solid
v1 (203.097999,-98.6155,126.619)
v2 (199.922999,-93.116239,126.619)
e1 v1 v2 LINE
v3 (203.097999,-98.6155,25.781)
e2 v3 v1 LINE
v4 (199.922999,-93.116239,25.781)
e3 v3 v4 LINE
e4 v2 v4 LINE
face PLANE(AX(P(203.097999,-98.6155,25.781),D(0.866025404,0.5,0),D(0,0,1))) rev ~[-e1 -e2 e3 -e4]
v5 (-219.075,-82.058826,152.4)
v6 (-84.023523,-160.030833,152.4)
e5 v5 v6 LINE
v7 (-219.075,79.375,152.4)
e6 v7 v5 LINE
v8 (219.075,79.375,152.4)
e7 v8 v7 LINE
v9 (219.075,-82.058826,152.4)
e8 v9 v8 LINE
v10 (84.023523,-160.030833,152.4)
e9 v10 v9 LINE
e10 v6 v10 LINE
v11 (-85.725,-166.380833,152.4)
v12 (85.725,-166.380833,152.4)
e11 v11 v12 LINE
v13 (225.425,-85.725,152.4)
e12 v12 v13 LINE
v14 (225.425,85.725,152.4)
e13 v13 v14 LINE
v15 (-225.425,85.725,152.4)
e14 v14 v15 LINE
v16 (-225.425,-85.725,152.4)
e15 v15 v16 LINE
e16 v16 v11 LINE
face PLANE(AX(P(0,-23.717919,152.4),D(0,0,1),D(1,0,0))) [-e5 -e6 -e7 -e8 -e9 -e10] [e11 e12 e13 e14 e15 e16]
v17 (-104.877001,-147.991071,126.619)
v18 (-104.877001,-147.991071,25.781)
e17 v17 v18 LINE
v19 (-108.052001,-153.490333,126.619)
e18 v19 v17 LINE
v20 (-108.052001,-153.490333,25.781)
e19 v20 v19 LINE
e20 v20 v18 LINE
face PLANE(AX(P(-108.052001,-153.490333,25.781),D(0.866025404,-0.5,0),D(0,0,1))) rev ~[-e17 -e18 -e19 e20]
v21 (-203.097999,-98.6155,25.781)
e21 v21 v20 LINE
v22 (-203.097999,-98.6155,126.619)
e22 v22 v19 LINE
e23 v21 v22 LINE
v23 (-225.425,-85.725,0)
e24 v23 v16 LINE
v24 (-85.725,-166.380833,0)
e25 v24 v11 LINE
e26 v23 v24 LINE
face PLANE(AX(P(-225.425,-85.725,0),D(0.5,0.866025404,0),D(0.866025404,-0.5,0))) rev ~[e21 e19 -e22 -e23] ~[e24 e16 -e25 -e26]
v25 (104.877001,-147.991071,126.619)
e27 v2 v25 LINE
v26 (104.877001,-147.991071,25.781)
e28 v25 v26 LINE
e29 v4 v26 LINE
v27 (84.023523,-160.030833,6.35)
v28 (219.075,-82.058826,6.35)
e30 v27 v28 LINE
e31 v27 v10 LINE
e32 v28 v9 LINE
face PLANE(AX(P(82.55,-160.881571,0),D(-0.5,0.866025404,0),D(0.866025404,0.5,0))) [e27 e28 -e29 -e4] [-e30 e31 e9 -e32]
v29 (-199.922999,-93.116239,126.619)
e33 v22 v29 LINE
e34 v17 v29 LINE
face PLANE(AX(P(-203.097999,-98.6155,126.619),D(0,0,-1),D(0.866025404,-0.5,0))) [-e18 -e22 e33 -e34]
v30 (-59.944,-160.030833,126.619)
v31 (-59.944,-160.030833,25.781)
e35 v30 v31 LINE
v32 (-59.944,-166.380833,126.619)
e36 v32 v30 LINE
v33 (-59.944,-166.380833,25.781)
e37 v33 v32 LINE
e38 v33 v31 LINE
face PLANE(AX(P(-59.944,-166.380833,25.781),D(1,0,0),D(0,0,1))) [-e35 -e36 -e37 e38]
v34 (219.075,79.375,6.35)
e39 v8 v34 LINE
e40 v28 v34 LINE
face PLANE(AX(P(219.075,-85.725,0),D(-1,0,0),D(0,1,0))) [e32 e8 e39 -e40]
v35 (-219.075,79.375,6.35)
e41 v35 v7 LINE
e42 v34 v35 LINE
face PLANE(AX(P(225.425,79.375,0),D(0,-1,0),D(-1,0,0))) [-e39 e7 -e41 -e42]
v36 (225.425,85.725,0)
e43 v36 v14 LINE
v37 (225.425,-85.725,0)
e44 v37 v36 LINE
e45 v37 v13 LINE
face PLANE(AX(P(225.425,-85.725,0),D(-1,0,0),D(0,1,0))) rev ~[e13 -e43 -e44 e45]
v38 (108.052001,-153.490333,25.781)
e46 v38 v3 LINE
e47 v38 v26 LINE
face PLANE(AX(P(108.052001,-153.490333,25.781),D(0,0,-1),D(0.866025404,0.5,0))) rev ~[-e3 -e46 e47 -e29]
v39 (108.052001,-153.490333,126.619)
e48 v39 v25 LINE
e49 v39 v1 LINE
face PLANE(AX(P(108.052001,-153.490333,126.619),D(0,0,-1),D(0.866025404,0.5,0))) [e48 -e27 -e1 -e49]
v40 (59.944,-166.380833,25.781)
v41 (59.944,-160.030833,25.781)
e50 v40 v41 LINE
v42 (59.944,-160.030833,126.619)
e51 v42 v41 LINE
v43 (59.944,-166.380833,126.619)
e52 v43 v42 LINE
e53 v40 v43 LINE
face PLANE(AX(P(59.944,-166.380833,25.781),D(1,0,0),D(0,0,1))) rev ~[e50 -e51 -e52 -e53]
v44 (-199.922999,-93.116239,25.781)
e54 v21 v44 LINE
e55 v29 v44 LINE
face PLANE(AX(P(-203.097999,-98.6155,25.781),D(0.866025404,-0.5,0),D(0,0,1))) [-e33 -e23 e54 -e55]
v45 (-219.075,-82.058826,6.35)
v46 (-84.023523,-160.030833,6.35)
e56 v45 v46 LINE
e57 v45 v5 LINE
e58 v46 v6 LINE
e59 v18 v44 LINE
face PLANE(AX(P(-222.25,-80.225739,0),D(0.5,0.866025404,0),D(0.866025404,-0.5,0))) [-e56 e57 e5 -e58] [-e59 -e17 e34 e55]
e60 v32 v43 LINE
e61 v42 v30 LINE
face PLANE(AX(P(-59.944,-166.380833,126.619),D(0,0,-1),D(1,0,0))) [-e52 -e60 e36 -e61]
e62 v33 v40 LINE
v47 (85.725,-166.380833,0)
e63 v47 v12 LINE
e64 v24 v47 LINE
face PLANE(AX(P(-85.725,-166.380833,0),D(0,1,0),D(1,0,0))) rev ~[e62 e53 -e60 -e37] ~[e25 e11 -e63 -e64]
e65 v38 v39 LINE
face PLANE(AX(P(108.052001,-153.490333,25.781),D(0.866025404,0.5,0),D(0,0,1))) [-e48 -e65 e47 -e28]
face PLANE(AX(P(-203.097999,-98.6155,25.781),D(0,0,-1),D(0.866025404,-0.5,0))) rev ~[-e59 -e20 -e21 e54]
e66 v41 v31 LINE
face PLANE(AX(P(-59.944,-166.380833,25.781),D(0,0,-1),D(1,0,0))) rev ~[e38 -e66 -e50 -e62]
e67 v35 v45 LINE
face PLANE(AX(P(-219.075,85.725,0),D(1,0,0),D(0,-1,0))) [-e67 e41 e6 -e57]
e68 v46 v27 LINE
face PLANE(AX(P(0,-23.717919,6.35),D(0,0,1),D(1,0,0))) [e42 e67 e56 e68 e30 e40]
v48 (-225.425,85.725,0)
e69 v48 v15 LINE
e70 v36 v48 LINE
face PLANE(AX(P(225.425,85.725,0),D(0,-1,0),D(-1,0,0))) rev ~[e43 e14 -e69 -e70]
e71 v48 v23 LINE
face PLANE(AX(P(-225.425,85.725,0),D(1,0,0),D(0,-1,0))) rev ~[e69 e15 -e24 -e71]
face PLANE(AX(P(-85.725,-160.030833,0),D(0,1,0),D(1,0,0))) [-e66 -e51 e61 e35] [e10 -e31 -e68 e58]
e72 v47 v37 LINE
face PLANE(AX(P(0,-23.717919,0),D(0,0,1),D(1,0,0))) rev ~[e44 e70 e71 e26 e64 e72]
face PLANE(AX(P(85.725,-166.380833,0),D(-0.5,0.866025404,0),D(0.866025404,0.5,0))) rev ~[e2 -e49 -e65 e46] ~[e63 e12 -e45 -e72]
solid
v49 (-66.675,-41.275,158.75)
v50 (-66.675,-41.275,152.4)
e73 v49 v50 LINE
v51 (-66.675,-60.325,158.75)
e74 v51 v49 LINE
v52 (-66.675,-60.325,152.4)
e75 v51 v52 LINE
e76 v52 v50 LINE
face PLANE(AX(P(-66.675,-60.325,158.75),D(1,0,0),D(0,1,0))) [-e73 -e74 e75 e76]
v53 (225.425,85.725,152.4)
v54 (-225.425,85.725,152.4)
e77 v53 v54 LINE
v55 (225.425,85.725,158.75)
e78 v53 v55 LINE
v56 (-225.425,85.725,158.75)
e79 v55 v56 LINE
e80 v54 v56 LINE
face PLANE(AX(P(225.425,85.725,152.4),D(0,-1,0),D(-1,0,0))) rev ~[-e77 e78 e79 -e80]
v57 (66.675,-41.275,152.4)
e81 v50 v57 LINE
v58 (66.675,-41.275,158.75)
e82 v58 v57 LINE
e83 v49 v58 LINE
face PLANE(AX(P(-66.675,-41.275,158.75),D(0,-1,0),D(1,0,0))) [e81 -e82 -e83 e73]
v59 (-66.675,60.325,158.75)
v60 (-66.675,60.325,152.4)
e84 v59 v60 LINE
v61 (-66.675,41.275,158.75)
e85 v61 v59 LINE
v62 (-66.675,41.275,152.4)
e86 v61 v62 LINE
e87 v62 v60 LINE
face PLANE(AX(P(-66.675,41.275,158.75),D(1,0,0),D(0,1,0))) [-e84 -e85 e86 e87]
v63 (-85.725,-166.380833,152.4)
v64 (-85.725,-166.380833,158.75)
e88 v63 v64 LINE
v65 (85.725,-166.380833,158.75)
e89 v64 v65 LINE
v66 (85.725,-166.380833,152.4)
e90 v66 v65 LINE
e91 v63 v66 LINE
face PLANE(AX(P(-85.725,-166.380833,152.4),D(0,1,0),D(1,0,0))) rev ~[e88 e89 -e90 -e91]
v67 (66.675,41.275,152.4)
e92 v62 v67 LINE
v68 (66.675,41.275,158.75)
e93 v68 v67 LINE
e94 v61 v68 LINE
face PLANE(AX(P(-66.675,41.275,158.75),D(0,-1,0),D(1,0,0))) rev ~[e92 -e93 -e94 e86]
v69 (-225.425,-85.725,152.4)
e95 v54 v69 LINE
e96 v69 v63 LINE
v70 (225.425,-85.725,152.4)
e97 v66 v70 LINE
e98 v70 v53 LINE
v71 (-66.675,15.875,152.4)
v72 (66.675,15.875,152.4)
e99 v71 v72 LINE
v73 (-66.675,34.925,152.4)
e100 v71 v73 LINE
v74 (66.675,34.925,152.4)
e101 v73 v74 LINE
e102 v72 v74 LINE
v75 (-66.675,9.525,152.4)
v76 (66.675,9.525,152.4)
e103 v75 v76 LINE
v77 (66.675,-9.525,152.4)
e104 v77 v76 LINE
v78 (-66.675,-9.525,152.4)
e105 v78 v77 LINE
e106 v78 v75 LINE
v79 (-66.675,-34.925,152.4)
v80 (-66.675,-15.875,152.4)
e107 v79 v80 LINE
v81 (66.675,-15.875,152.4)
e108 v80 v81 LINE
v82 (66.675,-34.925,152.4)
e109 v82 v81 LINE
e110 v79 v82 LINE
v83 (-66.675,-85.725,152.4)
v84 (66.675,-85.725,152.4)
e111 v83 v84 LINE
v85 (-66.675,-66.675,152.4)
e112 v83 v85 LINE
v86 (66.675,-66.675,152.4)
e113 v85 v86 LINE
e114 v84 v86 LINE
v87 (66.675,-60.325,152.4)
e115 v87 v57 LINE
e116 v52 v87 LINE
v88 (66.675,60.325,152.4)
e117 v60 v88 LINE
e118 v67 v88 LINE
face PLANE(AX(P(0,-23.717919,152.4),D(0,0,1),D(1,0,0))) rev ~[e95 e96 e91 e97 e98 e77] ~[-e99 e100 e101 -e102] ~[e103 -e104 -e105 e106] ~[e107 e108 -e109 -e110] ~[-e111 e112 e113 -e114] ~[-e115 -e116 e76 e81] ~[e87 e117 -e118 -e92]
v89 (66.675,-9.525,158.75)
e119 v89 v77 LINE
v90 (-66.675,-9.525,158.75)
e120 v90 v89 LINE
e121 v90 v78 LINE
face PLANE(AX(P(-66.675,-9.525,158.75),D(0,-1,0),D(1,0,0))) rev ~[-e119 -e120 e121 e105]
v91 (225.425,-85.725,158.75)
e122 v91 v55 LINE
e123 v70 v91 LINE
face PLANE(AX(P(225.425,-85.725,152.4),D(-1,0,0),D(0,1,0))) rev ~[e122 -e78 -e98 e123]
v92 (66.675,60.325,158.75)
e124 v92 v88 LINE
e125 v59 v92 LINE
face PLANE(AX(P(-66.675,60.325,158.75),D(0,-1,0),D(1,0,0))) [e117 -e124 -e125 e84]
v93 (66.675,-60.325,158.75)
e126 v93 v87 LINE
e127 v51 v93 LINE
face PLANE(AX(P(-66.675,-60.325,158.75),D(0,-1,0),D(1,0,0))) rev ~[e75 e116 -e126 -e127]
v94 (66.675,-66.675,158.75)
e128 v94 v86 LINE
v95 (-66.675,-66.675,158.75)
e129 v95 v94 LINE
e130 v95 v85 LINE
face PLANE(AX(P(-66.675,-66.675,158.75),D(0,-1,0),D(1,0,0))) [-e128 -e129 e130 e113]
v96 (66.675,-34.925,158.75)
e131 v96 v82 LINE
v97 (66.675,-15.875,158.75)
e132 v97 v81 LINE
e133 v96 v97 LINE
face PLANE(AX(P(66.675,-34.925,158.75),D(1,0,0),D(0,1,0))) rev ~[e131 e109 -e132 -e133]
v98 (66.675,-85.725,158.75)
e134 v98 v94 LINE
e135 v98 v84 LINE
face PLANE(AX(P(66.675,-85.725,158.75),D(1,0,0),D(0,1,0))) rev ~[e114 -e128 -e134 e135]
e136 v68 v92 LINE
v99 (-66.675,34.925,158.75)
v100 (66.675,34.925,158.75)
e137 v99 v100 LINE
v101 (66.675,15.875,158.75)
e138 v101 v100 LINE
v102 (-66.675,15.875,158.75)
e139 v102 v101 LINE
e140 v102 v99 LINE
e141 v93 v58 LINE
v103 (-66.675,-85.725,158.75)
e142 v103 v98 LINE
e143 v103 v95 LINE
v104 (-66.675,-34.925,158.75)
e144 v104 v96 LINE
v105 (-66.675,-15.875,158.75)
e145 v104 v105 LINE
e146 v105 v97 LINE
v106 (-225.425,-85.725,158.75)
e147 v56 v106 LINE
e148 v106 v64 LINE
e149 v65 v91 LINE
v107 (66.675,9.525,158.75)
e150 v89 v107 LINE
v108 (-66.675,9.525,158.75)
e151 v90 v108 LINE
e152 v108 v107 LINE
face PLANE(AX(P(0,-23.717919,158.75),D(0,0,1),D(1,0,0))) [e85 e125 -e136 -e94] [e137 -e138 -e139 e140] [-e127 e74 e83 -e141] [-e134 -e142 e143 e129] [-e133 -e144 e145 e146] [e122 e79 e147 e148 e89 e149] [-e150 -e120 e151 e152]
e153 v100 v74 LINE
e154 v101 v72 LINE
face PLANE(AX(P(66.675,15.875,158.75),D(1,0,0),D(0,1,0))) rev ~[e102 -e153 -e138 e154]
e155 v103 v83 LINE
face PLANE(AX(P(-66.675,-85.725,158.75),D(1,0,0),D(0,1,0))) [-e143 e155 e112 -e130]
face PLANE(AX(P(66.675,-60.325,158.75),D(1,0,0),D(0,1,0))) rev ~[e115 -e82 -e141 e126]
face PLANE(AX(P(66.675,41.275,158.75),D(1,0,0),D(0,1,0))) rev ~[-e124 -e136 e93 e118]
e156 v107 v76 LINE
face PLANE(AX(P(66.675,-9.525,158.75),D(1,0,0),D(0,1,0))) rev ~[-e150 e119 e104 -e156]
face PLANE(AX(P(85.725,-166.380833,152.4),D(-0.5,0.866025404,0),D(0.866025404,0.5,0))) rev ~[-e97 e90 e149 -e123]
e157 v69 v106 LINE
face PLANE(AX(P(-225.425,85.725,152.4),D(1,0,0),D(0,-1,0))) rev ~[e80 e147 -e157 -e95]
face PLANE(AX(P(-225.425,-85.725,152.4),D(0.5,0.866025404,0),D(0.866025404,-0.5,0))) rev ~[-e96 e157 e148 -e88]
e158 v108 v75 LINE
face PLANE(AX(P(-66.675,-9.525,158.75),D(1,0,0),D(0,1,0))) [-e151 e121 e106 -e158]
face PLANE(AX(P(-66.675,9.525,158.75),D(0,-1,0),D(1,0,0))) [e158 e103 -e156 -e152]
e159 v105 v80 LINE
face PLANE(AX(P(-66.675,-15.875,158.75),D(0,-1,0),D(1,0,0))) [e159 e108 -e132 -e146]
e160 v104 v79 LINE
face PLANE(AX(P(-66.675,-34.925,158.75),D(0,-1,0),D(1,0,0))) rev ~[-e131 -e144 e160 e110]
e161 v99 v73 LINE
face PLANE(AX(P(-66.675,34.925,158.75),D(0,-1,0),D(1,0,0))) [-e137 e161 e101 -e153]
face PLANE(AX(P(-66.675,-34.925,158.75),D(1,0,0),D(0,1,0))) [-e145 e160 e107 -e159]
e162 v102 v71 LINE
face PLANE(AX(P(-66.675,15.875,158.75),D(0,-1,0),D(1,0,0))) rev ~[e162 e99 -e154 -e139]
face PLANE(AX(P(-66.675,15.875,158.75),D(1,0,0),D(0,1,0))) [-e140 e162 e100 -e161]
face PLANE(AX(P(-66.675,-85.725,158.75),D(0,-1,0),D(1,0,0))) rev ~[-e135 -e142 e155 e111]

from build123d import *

# Parameters (mm, degrees)
F1_DEPTH  = 152.4
F3_T      = -6.35
F2_W      = 119.888
F2_H      = 100.838
F4_DEPTH  = 25.4
F6_DEPTH  = 6.35
F7_W      = 133.35
F7_H      = 19.05
F8_DEPTH  = 25.4
F9_W      = 109.7496652116
F9_H      = 100.838
F10_DEPTH = 25.4
F11_W     = 109.7496652116
F11_H     = 100.838
F12_DEPTH = 25.4


with BuildPart() as f1:
    # F0 (on Top) → F1 (new body)
    with BuildSketch(Plane.XY):
        Polygon((225.425, 85.725), (-225.425, 85.725), (-225.425, -85.725), (-85.725, -166.3808326058), (85.725, -166.3808326058), (225.425, -85.725), align=None)
    extrude(amount=F1_DEPTH)

    # F3
    f3_openings = [f1.faces().sort_by_distance(p)[0] for p in [
        (0, -29.415362, 152.4),
    ]]
    offset(amount=F3_T, openings=f3_openings)

    # F2 (on face) → F4 (cut)
    with BuildSketch(Plane.XZ.offset(166.3808326058)):
        with Locations((0, 76.2)):
            Rectangle(F2_W, F2_H)
    extrude(amount=-F4_DEPTH, mode=Mode.SUBTRACT)

    # F9 (on face) → F10 (cut)
    with BuildSketch(Plane(origin=(93.4762638697, -161.9056383241, 0), x_dir=(0.8660254038, 0.5, 0), z_dir=(0.5, -0.8660254038, 0))):
        with Locations((71.7054440423, 76.2)):
            Rectangle(F9_W, F9_H)
    extrude(amount=-F10_DEPTH, mode=Mode.SUBTRACT)

    # F11 (on face) → F12 (cut)
    with BuildSketch(Plane(origin=(-93.4762638697, -161.9056383241, 0), x_dir=(0.8660254038, -0.5, 0), z_dir=(-0.5, -0.8660254038, 0))):
        with Locations((-71.7054440423, 76.2)):
            Rectangle(F11_W, F11_H)
    extrude(amount=-F12_DEPTH, mode=Mode.SUBTRACT)


with BuildPart() as f6:
    # F5 (on face) → F6 (new body)
    with BuildSketch(Plane.XY.offset(152.4)):
        Polygon((-225.425, -85.725), (-85.725, -166.3808326058), (85.725, -166.3808326058), (225.425, -85.725), (225.425, 85.725), (-225.425, 85.725), align=None)
    extrude(amount=F6_DEPTH)

    # F7 (on face) → F8 (cut)
    with BuildSketch(Plane.XY.offset(158.75)):
        Rectangle(F7_W, F7_H)
        with Locations((0, -25.4)):
            Rectangle(F7_W, F7_H)
        with Locations((0, -50.8)):
            Rectangle(F7_W, F7_H)
        with Locations((0, 25.4)):
            Rectangle(F7_W, F7_H)
        with Locations((0, 50.8)):
            Rectangle(F7_W, F7_H)
        with Locations((0, -76.2)):
            Rectangle(F7_W, F7_H)
    extrude(amount=-F8_DEPTH, mode=Mode.SUBTRACT)


solid = Compound([f1.part, f6.part])
